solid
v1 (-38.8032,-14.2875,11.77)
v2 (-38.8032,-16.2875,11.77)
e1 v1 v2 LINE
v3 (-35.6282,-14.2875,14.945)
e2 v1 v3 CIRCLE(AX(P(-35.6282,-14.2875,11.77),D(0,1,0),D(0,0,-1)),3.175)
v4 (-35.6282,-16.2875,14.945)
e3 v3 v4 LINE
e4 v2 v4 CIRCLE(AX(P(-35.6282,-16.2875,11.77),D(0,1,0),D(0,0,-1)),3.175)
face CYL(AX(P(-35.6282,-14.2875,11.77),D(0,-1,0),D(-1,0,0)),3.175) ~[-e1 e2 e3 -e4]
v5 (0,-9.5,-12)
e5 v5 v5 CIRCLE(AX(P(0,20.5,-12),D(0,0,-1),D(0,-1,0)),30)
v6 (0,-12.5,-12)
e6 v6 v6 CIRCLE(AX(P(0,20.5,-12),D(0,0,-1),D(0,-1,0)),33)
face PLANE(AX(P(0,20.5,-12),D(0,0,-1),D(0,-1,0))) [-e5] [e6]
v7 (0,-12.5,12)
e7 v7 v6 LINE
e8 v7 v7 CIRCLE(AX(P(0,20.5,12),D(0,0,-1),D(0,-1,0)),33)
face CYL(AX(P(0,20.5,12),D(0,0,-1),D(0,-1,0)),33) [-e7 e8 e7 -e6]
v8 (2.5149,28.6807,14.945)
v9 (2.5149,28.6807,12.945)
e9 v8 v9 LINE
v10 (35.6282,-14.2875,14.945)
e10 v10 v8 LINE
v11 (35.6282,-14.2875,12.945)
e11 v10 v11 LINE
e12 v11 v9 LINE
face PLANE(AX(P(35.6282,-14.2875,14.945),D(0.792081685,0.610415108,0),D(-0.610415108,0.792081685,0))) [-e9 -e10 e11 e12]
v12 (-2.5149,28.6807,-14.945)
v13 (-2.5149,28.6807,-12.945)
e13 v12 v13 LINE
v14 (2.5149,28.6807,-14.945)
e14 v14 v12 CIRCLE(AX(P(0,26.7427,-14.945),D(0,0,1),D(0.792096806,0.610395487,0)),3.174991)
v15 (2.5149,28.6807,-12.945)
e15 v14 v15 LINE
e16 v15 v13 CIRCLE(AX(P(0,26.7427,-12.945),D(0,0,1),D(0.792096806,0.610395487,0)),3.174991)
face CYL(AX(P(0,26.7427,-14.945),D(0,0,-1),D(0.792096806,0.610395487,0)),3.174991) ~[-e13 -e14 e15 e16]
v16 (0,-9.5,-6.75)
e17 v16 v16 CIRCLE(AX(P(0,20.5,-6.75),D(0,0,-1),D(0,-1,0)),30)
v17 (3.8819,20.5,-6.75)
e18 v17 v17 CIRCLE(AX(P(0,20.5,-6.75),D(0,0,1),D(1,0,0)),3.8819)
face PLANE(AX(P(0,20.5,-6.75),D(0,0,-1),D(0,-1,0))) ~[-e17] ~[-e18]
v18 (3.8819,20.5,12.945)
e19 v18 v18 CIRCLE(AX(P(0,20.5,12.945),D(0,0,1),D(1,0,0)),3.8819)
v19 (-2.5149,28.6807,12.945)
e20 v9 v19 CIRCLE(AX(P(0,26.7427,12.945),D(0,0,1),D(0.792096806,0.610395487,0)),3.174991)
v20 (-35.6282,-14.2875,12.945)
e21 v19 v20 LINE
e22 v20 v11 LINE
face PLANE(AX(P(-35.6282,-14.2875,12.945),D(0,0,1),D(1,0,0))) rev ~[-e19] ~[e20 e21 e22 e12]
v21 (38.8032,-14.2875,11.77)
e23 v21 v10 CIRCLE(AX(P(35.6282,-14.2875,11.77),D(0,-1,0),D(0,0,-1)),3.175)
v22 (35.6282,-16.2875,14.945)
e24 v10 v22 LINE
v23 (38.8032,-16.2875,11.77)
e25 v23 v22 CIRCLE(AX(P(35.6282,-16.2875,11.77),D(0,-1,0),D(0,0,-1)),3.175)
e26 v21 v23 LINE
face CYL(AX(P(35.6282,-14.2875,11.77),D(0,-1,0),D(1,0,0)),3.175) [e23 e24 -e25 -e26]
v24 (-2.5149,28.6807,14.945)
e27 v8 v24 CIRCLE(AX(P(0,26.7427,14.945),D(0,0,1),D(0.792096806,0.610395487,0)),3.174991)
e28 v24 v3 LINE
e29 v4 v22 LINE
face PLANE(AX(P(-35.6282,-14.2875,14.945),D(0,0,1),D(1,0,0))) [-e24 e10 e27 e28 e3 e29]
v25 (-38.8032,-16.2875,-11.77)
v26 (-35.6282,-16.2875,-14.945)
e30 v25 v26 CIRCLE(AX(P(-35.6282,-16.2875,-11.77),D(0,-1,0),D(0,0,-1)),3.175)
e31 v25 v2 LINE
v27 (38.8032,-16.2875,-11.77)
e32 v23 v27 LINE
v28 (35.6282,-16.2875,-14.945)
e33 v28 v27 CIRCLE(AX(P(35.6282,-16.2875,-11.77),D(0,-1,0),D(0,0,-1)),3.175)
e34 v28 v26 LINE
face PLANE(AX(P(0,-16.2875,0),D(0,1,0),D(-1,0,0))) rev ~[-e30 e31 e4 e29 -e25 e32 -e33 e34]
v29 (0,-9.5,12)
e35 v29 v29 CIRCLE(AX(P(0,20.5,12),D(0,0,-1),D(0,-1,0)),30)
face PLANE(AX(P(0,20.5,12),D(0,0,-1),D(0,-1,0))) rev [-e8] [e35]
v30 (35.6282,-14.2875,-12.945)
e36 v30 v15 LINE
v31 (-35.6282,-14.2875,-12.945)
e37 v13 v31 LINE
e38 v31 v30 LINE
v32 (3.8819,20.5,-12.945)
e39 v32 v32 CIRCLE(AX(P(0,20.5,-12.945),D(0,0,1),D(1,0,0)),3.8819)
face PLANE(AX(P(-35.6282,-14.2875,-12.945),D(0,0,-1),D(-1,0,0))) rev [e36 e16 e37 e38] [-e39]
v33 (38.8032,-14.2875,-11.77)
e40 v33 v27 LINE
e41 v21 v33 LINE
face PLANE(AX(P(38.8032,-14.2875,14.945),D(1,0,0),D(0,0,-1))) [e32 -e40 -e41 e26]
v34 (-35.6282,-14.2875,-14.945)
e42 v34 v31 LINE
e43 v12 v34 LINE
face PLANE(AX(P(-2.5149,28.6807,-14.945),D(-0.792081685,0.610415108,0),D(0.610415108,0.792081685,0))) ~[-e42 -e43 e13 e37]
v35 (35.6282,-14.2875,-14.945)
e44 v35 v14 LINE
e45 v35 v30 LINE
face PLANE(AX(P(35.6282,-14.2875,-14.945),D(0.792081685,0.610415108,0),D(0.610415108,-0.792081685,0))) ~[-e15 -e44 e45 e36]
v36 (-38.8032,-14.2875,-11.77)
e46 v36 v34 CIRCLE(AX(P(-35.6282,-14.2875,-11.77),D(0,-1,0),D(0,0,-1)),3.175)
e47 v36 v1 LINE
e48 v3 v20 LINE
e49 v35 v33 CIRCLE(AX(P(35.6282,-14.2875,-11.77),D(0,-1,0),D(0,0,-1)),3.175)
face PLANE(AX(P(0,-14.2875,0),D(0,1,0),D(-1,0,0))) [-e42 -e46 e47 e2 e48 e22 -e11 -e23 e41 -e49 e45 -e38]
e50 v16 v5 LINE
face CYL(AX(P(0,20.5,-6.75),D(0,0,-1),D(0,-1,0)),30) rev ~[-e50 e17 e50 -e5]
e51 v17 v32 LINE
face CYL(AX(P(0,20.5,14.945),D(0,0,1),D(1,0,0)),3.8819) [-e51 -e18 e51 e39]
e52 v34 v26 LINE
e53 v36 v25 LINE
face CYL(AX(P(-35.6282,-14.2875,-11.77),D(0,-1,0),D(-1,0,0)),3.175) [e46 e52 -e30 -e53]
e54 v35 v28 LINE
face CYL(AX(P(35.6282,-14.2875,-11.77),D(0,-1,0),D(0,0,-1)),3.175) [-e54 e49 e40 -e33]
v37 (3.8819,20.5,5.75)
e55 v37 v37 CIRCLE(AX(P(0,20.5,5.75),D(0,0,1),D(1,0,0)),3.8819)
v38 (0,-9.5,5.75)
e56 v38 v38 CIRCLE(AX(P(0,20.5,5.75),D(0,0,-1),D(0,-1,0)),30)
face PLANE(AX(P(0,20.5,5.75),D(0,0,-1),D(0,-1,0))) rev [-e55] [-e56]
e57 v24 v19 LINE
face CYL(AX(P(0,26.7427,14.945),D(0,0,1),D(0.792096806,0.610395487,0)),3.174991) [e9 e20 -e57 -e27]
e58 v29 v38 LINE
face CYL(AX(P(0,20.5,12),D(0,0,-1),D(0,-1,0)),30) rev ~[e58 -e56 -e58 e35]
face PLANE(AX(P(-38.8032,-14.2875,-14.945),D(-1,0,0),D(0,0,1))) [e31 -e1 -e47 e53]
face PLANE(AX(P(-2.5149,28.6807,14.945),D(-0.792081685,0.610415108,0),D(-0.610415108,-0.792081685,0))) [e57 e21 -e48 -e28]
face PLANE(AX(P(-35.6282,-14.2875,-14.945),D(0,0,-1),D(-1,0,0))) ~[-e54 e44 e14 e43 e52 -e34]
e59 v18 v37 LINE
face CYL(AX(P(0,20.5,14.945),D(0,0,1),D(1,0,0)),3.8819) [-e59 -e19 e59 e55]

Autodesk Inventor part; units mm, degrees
ref_plane "YZ Plane" through (0, 0, 0) normal (1, 0, 0) x (0, 1, 0)
ref_plane "XY Plane" through (0, 0, 0) normal (0, 0, 1) x (1, 0, 0)
sketch "Sketch1" plane through (0, 0, 0) normal (1, 0, 0) x (0, 1, 0)
  line L0 (-12.5, -12) -> (-9.5, -12)
  line L1 (-9.5, 12) -> (-12.5, 12)
  line L2 (-12.5, 12) -> (-12.5, -12)
  line L3 (-12.5, -12) -> (12.5, 12) construction
  line L4 (12.5, -12) -> (-12.5, 12) construction
  line L5 (20.5, 5.75) -> (-9.5, 5.75)
  line L6 (20.5, -6.75) -> (-9.5, -6.75)
  line L7 (20.5, 5.75) -> (20.5, -6.75)
  line L8 (-9.5, 12) -> (-9.5, 5.75)
  line L9 (-9.5, -6.75) -> (-9.5, -12)
  point P0 (0, 0)
  dimension "d0" = 25
  dimension "d2" = 6.25
  dimension "d3" = 12.5
  dimension "d5" = 24
  dimension "d7" = 3
  dimension "d8" = 3
  dimension "d9" = 30
revolve "Revolution1" add sketch "Sketch1" angle 360 about axis through (0, 20.5, 5.75) along (0, 0, -1)
ref_plane "Work Plane1" through (0, -14.2875, 0) normal (0, 1, 0) x (-1, 0, 0)
sketch "Sketch2" plane through (0, -14.2875, 0) normal (0, 1, 0) x (-1, 0, 0)
  line L0 (38.8032, 14.945) -> (-38.8032, 14.945)
  line L1 (-38.8032, 14.945) -> (-38.8032, -14.945)
  line L2 (-38.8032, -14.945) -> (38.8032, -14.945)
  line L3 (38.8032, -14.945) -> (38.8032, 14.945)
  line L4 (38.8032, 14.945) -> (-38.8032, -14.945) construction
  line L5 (-38.8032, 14.945) -> (38.8032, -14.945) construction
  point P0 (0, 0)
extrude "Extrusion1" add sketch "Sketch2" against normal blind 2
fillet "Fillet1" radius 3.175 4 edges at (-38.8032, -15.2875, 14.945) (-38.8032, -15.2875, -14.945) (38.8032, -15.2875, 14.945) (38.8032, -15.2875, -14.945)
sketch "Sketch3" plane through (-35.6282, -14.2875, 14.945) normal (0, 0, 1) x (1, 0, 0)
  line L0 (71.2564, 0) -> (74.4314, 0) projected
  line L1 (71.2564, 0) -> (38.1431, 42.9682)
  line L2 (0, -2) -> (0, 0) projected
  line L3 (33.1133, 42.9682) -> (0, 0)
  line L4 (0, 0) -> (71.2564, 0)
  arc A0 (38.1431, 42.9682) -> (33.1133, 42.9682) centre (35.6282, 41.0302) ccw
  point P0 (35.6282, 14.2875)
  dimension "d14" = 3.175
extrude "Extrusion2" add sketch "Sketch3" against normal blind 2
mirror "Mirror1" about plane through (0, 0, 0) normal (0, 0, 1) of "Extrusion2"
sketch "Sketch4" plane through (-35.6282, -16.2875, 14.945) normal (0, 0, 1) x (1, 0, 0)
  circle A0 centre (35.6282, 36.7875) radius 30 projected
  circle A1 centre (35.6282, 36.7875) radius 3.8819
  point P0 (35.6282, 16.2875)
extrude "Extrusion3" add sketch "Sketch4" against normal blind 28.9875 contours A1
properties part number "roller_coaster_wheel" material "Iron, Gray"
